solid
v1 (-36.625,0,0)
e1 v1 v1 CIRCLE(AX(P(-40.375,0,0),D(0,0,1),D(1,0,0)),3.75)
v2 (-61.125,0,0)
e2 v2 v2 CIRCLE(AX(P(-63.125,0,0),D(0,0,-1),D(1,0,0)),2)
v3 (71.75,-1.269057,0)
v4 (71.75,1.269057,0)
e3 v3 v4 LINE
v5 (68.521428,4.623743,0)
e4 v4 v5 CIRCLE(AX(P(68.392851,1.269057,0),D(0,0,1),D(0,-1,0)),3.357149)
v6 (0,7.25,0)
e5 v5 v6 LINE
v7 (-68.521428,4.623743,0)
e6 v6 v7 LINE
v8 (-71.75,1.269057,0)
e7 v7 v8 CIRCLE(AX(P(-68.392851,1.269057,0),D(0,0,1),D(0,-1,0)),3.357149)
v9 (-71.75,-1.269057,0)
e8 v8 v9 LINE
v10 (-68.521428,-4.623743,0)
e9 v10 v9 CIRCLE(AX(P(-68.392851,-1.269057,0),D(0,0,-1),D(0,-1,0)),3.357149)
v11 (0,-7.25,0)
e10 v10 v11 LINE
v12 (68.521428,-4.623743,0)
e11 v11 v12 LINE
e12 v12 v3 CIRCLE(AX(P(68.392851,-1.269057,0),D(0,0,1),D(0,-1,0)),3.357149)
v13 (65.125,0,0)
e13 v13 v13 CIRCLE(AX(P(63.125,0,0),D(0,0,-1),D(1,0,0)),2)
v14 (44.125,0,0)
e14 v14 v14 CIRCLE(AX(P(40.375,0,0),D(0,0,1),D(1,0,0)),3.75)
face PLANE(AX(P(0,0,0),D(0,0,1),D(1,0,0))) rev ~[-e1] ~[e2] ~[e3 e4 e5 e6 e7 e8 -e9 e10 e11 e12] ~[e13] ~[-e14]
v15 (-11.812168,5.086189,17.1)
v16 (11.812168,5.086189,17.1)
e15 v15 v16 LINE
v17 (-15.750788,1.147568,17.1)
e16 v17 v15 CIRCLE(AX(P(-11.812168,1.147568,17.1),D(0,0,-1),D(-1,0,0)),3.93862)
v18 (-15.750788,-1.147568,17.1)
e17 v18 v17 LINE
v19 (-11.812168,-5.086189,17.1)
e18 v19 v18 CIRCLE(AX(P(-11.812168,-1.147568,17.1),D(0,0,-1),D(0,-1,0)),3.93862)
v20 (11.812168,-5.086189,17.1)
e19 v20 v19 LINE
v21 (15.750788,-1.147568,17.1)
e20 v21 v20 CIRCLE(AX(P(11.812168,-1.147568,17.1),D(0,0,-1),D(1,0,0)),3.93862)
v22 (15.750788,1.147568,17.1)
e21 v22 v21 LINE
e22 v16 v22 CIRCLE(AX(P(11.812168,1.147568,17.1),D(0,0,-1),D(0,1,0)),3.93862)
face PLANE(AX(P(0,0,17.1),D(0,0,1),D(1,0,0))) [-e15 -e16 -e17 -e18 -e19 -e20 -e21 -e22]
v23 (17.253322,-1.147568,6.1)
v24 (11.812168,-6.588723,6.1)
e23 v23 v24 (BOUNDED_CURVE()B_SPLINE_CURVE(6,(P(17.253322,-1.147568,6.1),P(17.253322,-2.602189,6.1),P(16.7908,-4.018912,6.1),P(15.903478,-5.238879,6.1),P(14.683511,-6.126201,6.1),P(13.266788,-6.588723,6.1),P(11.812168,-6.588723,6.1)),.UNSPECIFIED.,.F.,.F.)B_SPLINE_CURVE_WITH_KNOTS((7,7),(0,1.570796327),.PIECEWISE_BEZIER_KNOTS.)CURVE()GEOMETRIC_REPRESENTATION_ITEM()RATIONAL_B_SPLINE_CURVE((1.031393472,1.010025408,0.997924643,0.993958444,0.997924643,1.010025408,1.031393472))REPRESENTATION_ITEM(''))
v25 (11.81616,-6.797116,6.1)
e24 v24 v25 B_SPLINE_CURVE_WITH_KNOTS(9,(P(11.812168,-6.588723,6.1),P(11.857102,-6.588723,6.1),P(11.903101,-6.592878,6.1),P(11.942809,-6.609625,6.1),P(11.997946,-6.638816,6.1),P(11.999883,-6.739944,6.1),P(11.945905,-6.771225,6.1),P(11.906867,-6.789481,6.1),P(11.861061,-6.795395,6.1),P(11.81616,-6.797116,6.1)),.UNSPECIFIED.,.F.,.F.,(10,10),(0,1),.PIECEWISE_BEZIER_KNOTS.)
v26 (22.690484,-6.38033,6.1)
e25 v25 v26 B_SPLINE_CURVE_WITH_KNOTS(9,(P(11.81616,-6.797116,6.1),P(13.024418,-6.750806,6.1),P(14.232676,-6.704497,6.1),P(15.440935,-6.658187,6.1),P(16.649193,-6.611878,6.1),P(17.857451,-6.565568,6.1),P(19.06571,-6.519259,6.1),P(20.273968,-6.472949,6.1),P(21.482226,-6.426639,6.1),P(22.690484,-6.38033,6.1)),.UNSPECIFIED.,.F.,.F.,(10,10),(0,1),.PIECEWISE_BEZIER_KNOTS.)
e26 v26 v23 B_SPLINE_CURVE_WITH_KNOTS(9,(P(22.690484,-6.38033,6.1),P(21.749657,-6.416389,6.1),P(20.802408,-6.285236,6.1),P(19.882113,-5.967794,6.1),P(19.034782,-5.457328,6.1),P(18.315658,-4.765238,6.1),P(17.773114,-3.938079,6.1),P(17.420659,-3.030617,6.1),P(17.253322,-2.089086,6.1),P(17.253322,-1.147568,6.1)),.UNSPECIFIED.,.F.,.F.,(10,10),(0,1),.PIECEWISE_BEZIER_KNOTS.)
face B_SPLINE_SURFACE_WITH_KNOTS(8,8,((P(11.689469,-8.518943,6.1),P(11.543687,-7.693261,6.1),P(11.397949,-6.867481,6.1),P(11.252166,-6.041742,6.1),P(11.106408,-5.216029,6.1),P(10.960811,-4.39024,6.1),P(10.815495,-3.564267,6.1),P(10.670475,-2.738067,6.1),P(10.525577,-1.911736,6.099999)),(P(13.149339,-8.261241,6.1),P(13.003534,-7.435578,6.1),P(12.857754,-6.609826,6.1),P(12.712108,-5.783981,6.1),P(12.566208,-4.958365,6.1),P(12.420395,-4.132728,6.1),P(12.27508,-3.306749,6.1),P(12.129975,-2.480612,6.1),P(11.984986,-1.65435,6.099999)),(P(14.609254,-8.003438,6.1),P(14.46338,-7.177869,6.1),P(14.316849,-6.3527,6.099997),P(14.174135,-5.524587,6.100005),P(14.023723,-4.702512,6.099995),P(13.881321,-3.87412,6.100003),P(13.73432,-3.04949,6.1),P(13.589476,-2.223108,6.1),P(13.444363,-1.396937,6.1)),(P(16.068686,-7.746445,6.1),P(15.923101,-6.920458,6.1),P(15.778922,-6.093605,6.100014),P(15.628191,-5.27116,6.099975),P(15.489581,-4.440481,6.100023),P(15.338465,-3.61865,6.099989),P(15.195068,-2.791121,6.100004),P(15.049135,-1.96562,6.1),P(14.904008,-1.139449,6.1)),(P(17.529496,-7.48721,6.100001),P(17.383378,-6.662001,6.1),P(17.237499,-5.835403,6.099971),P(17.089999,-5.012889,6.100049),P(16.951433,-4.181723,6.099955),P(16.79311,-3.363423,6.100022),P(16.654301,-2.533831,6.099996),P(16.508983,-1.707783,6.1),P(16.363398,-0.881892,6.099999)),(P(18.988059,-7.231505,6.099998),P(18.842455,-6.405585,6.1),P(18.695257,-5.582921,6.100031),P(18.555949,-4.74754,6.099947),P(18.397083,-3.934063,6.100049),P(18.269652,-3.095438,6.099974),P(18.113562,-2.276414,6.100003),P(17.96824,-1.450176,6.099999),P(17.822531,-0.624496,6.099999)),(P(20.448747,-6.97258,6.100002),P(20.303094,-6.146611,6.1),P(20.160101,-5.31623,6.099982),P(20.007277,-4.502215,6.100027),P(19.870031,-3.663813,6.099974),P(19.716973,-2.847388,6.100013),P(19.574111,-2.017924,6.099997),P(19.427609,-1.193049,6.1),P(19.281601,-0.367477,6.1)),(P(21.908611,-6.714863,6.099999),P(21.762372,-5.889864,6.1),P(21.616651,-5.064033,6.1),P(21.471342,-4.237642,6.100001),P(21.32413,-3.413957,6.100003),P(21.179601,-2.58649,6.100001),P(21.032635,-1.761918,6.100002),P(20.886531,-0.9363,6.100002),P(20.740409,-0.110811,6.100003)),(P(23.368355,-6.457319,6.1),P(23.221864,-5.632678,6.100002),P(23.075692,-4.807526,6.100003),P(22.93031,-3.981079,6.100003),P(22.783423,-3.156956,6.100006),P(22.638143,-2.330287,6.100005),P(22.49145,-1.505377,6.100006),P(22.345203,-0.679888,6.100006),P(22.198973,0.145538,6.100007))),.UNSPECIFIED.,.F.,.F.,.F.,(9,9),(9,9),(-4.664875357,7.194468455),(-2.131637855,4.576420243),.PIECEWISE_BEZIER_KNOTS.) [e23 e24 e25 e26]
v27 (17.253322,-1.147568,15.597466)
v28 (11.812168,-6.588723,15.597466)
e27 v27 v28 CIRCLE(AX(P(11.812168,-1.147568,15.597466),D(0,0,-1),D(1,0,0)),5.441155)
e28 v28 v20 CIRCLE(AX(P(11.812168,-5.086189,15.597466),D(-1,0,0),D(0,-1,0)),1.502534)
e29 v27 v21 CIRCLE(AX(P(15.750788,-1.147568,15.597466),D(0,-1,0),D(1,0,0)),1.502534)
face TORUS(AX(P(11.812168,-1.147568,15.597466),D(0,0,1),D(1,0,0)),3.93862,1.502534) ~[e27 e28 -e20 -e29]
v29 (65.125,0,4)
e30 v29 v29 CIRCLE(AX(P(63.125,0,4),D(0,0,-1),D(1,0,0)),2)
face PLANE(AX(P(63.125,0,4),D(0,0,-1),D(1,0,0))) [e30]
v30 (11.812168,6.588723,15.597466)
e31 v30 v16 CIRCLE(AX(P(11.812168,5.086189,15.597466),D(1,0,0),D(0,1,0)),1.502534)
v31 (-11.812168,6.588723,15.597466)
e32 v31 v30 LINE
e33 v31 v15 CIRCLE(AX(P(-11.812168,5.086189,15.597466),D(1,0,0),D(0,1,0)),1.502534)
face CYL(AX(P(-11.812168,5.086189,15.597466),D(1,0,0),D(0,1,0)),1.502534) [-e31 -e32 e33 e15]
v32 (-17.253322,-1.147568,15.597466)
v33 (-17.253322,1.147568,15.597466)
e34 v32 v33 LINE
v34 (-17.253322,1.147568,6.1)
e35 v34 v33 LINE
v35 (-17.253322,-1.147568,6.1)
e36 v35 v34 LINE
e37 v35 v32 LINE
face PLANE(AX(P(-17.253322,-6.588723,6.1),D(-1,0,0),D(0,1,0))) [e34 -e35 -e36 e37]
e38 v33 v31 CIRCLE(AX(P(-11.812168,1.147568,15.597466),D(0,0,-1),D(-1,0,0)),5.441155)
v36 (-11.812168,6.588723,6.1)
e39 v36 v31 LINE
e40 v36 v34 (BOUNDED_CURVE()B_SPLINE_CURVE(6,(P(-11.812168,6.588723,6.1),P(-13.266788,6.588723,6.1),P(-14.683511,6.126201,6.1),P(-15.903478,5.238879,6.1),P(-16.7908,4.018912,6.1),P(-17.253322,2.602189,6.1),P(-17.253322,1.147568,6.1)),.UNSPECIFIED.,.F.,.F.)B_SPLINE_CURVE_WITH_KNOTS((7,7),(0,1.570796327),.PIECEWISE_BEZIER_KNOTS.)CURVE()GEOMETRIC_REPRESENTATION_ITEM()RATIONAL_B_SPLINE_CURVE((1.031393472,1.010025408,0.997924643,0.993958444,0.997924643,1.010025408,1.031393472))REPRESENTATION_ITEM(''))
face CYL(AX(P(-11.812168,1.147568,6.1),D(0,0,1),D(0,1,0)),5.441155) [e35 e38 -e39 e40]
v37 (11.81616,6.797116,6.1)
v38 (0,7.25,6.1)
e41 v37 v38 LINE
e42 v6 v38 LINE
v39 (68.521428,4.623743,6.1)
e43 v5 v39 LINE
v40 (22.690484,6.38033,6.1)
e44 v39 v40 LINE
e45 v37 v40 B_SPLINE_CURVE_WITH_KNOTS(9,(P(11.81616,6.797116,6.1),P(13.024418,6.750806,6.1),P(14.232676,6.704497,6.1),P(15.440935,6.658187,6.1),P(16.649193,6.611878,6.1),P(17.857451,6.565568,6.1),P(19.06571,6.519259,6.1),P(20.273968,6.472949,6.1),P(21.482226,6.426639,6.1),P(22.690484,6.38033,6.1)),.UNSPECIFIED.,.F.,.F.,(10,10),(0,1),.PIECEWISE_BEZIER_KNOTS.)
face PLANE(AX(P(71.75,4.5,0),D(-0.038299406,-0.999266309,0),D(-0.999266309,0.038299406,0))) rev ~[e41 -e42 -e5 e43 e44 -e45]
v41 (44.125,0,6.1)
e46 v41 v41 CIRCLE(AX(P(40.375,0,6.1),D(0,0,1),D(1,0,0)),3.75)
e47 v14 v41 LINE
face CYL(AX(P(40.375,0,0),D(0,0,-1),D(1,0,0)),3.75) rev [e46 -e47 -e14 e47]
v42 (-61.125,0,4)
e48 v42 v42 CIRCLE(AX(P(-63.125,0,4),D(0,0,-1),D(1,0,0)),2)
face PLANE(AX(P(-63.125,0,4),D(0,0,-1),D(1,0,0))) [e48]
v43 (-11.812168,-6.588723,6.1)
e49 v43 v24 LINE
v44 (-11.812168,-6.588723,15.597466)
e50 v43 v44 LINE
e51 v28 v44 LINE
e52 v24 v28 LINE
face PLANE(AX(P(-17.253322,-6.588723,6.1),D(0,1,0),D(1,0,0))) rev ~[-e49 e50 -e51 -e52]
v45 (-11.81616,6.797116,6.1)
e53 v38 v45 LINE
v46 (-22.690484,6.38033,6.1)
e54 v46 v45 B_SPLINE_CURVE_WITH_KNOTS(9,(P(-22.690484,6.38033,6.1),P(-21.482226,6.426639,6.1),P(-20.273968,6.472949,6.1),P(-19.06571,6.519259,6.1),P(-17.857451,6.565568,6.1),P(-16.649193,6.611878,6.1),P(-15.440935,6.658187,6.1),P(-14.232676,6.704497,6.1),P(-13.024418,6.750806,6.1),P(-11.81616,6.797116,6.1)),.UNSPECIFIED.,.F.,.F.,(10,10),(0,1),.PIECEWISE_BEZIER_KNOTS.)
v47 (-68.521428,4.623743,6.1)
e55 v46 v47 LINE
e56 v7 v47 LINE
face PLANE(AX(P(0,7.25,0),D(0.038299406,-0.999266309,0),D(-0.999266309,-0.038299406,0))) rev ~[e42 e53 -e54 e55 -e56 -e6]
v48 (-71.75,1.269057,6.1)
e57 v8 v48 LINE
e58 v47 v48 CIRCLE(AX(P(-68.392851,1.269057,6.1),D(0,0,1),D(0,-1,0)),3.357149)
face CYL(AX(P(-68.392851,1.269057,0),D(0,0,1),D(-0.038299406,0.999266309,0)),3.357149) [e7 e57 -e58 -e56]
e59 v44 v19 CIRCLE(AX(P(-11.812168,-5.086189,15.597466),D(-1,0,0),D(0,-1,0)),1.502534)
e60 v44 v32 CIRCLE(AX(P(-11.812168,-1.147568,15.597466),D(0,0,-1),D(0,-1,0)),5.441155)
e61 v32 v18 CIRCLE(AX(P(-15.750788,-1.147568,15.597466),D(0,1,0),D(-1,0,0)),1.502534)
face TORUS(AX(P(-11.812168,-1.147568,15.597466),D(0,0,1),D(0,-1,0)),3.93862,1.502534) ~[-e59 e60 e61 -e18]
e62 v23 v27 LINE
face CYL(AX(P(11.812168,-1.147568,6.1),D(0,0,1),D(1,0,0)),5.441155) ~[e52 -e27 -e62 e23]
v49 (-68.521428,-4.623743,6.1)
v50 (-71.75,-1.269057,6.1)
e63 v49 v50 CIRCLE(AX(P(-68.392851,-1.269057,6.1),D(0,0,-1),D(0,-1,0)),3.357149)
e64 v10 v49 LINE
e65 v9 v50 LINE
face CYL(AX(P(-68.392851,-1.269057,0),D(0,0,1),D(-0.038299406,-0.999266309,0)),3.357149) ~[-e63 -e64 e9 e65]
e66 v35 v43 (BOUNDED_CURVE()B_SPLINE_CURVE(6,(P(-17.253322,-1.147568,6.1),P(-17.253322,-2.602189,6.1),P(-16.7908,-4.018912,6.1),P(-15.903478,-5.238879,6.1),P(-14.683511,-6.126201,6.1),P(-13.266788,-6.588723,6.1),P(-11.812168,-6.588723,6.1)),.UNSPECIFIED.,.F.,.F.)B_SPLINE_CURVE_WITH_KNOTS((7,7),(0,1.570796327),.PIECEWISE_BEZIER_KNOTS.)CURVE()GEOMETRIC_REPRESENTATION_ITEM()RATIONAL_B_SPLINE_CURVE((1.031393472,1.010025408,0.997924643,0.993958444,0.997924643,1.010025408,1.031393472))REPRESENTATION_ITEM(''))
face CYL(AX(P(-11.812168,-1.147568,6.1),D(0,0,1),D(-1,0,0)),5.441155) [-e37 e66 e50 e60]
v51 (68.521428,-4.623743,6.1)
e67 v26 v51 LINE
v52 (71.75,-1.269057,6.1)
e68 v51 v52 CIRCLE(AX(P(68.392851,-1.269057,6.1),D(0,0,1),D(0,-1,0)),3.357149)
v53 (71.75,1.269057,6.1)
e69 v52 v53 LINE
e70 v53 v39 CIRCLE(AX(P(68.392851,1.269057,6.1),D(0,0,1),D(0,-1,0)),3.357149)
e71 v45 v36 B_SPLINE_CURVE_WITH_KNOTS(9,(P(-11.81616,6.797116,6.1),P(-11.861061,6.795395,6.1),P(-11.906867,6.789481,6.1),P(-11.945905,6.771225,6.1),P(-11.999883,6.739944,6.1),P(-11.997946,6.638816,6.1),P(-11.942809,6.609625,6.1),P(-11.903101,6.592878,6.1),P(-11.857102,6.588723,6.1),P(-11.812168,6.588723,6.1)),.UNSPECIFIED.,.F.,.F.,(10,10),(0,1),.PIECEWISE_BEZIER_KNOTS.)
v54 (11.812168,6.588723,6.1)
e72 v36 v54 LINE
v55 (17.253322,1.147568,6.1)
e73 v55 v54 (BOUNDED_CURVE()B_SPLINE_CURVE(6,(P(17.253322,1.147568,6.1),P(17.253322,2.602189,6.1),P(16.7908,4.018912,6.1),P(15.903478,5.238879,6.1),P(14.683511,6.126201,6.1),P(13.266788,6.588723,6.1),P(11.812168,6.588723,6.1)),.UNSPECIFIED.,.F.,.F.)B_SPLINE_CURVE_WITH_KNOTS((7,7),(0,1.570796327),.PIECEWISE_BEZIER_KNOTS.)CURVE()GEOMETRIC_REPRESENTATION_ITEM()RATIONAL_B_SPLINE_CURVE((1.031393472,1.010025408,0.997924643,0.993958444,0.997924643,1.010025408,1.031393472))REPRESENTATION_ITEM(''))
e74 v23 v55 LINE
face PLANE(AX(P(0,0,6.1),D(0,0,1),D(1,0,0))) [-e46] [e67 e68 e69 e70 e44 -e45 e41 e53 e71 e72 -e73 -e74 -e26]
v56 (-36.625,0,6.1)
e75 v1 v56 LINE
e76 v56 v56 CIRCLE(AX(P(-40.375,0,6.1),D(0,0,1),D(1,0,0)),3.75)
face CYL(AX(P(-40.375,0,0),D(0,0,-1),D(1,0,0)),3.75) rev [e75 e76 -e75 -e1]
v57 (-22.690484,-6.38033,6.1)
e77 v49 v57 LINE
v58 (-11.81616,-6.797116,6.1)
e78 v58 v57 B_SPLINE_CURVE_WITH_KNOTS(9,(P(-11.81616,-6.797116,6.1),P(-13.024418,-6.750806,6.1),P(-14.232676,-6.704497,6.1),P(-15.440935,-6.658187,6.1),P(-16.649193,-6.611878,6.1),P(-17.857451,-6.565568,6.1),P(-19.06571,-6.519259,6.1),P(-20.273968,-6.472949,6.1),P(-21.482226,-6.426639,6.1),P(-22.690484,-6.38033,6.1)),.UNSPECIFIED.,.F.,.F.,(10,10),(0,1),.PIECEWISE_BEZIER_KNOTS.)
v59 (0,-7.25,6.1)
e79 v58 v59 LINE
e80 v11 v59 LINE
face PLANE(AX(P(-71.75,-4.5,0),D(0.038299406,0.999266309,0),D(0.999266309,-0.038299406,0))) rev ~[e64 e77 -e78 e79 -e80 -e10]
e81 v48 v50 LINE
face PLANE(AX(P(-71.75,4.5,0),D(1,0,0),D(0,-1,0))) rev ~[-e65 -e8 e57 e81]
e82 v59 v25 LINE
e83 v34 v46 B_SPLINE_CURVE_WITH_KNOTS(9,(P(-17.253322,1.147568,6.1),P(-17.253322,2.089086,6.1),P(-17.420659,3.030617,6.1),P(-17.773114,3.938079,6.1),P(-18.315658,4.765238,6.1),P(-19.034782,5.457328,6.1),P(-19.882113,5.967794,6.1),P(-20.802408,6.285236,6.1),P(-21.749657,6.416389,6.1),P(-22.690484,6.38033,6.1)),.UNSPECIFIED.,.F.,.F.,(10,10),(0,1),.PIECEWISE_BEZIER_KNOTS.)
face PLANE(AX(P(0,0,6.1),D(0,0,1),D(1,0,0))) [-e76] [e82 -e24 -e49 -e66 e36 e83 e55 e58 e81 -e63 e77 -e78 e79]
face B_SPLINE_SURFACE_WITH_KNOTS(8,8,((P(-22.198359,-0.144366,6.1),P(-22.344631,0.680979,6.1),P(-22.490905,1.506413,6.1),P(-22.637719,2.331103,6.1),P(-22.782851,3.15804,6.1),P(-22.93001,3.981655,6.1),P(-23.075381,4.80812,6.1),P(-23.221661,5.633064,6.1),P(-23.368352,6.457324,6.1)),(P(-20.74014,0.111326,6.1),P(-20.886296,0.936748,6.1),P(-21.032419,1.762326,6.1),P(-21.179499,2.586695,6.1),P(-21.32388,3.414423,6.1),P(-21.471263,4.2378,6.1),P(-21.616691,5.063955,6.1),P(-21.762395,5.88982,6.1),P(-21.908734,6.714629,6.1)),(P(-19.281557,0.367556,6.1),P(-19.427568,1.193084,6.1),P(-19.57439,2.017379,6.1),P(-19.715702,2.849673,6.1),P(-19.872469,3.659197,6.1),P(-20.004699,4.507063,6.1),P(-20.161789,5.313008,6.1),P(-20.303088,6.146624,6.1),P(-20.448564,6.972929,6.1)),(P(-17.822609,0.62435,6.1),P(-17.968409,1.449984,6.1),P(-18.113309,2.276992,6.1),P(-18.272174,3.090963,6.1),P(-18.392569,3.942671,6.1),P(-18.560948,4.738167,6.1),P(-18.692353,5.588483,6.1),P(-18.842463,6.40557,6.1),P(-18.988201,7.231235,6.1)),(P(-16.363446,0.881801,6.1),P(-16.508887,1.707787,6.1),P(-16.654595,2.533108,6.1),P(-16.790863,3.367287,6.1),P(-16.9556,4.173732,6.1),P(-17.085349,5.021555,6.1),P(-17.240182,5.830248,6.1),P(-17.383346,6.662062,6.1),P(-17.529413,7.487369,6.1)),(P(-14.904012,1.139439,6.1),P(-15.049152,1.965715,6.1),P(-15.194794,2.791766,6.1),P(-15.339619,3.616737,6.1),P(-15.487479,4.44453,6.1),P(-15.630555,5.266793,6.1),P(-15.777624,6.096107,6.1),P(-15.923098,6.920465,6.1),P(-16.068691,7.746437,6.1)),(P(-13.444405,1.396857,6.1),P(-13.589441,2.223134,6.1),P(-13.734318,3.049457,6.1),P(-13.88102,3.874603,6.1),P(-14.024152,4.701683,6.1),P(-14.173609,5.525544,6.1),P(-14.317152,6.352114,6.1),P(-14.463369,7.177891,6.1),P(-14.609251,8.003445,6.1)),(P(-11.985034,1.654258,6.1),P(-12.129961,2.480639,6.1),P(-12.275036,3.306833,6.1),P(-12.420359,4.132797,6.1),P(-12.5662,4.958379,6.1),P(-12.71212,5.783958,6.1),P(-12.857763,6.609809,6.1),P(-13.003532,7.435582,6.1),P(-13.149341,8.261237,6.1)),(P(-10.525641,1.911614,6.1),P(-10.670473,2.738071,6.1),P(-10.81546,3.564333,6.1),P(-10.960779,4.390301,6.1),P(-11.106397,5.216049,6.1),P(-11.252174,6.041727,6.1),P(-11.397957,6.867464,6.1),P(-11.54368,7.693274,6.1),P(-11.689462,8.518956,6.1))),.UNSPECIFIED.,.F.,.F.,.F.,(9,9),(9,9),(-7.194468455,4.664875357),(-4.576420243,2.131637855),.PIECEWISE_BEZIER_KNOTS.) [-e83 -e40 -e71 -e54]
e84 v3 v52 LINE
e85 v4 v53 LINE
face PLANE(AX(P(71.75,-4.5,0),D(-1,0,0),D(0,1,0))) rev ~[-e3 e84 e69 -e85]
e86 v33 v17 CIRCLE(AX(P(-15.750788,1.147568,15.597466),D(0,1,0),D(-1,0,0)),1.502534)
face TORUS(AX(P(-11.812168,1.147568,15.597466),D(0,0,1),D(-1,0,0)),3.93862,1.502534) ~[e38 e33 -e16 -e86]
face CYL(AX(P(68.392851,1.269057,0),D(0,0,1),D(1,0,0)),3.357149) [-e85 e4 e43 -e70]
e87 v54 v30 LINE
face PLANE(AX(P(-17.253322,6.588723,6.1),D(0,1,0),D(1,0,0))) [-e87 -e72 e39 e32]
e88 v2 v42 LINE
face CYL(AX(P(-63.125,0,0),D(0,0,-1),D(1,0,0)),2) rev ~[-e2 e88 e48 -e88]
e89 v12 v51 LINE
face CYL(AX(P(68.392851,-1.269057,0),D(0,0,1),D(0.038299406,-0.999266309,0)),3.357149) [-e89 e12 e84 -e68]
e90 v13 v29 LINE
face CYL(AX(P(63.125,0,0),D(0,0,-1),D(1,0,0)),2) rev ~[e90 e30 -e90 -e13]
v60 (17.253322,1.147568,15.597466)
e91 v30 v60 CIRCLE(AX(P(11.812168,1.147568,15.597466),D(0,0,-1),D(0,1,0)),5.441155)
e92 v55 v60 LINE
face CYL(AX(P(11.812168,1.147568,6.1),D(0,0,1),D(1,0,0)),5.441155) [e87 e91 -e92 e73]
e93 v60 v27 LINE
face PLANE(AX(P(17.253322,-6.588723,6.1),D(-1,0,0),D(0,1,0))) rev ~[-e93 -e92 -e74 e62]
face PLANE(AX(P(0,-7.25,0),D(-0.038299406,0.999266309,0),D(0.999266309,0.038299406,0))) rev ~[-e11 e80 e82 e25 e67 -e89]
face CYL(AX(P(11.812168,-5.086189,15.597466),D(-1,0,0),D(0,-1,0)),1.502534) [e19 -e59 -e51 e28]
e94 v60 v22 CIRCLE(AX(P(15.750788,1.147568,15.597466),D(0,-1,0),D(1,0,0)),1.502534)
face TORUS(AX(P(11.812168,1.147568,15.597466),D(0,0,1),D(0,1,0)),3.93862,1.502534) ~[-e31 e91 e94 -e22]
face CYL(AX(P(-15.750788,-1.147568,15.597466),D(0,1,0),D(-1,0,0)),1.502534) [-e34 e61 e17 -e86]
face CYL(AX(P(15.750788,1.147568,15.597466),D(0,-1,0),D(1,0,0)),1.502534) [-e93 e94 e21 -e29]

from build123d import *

# Parameters (mm, degrees)
F0_R     = 3.75
F1_DEPTH = 6.1
F2_W     = 34.5066441072
F2_H     = 13.1774456962
F3_DEPTH = 11
F4_R     = 5.4411545269
F5_R     = 1.5025340948
F6_R     = 2
F7_DEPTH = 4
F8_R     = 3.3571489319


with BuildPart() as f1:
    # F0 (on Top) → F1 (new body)
    with BuildSketch(Plane.XY):
        Polygon((71.75, 4.5), (0, 7.25), (-71.75, 4.5), (-71.75, -4.5), (0, -7.25), (71.75, -4.5), align=None)
        with Locations((-40.375, 0)):
            Circle(F0_R, mode=Mode.SUBTRACT)
        with Locations((40.375, 0)):
            Circle(F0_R, mode=Mode.SUBTRACT)
    extrude(amount=F1_DEPTH)

    # F2 (on face) → F3 (join)
    with BuildSketch(Plane.XY.offset(6.1)):
        Rectangle(F2_W, F2_H)
    extrude(amount=F3_DEPTH)

    # F4
    f4_edges = [f1.edges().sort_by_distance(p)[0] for p in [
        (-17.253322, -6.588723, 11.6),
        (-17.253322, 6.588723, 11.6),
        (17.253322, -6.588723, 11.6),
        (17.253322, 6.588723, 11.6),
    ]]
    fillet(f4_edges, radius=F4_R)

    # F5
    f5_edges = [f1.edges().sort_by_distance(p)[0] for p in [
        (0, 6.588723, 17.1),
        (15.659645, 4.995046, 17.1),
        (17.253322, 0, 17.1),
        (15.659645, -4.995046, 17.1),
        (0, -6.588723, 17.1),
        (-15.659645, -4.995046, 17.1),
        (-17.253322, 0, 17.1),
        (-15.659645, 4.995046, 17.1),
    ]]
    fillet(f5_edges, radius=F5_R)

    # F6 (on face) → F7 (cut)
    with BuildSketch(Plane(origin=(0, 0, 0), x_dir=(1, 0, 0), z_dir=(0, 0, -1))):
        with Locations((-63.125, 0)):
            Circle(F6_R)
        with Locations((63.125, 0)):
            Circle(F6_R)
    extrude(amount=-F7_DEPTH, mode=Mode.SUBTRACT)

    # F8
    f8_edges = [f1.edges().sort_by_distance(p)[0] for p in [
        (71.75, 4.5, 3.05),
        (71.75, -4.5, 3.05),
        (-71.75, 4.5, 3.05),
        (-71.75, -4.5, 3.05),
    ]]
    fillet(f8_edges, radius=F8_R)


solid = f1.part
